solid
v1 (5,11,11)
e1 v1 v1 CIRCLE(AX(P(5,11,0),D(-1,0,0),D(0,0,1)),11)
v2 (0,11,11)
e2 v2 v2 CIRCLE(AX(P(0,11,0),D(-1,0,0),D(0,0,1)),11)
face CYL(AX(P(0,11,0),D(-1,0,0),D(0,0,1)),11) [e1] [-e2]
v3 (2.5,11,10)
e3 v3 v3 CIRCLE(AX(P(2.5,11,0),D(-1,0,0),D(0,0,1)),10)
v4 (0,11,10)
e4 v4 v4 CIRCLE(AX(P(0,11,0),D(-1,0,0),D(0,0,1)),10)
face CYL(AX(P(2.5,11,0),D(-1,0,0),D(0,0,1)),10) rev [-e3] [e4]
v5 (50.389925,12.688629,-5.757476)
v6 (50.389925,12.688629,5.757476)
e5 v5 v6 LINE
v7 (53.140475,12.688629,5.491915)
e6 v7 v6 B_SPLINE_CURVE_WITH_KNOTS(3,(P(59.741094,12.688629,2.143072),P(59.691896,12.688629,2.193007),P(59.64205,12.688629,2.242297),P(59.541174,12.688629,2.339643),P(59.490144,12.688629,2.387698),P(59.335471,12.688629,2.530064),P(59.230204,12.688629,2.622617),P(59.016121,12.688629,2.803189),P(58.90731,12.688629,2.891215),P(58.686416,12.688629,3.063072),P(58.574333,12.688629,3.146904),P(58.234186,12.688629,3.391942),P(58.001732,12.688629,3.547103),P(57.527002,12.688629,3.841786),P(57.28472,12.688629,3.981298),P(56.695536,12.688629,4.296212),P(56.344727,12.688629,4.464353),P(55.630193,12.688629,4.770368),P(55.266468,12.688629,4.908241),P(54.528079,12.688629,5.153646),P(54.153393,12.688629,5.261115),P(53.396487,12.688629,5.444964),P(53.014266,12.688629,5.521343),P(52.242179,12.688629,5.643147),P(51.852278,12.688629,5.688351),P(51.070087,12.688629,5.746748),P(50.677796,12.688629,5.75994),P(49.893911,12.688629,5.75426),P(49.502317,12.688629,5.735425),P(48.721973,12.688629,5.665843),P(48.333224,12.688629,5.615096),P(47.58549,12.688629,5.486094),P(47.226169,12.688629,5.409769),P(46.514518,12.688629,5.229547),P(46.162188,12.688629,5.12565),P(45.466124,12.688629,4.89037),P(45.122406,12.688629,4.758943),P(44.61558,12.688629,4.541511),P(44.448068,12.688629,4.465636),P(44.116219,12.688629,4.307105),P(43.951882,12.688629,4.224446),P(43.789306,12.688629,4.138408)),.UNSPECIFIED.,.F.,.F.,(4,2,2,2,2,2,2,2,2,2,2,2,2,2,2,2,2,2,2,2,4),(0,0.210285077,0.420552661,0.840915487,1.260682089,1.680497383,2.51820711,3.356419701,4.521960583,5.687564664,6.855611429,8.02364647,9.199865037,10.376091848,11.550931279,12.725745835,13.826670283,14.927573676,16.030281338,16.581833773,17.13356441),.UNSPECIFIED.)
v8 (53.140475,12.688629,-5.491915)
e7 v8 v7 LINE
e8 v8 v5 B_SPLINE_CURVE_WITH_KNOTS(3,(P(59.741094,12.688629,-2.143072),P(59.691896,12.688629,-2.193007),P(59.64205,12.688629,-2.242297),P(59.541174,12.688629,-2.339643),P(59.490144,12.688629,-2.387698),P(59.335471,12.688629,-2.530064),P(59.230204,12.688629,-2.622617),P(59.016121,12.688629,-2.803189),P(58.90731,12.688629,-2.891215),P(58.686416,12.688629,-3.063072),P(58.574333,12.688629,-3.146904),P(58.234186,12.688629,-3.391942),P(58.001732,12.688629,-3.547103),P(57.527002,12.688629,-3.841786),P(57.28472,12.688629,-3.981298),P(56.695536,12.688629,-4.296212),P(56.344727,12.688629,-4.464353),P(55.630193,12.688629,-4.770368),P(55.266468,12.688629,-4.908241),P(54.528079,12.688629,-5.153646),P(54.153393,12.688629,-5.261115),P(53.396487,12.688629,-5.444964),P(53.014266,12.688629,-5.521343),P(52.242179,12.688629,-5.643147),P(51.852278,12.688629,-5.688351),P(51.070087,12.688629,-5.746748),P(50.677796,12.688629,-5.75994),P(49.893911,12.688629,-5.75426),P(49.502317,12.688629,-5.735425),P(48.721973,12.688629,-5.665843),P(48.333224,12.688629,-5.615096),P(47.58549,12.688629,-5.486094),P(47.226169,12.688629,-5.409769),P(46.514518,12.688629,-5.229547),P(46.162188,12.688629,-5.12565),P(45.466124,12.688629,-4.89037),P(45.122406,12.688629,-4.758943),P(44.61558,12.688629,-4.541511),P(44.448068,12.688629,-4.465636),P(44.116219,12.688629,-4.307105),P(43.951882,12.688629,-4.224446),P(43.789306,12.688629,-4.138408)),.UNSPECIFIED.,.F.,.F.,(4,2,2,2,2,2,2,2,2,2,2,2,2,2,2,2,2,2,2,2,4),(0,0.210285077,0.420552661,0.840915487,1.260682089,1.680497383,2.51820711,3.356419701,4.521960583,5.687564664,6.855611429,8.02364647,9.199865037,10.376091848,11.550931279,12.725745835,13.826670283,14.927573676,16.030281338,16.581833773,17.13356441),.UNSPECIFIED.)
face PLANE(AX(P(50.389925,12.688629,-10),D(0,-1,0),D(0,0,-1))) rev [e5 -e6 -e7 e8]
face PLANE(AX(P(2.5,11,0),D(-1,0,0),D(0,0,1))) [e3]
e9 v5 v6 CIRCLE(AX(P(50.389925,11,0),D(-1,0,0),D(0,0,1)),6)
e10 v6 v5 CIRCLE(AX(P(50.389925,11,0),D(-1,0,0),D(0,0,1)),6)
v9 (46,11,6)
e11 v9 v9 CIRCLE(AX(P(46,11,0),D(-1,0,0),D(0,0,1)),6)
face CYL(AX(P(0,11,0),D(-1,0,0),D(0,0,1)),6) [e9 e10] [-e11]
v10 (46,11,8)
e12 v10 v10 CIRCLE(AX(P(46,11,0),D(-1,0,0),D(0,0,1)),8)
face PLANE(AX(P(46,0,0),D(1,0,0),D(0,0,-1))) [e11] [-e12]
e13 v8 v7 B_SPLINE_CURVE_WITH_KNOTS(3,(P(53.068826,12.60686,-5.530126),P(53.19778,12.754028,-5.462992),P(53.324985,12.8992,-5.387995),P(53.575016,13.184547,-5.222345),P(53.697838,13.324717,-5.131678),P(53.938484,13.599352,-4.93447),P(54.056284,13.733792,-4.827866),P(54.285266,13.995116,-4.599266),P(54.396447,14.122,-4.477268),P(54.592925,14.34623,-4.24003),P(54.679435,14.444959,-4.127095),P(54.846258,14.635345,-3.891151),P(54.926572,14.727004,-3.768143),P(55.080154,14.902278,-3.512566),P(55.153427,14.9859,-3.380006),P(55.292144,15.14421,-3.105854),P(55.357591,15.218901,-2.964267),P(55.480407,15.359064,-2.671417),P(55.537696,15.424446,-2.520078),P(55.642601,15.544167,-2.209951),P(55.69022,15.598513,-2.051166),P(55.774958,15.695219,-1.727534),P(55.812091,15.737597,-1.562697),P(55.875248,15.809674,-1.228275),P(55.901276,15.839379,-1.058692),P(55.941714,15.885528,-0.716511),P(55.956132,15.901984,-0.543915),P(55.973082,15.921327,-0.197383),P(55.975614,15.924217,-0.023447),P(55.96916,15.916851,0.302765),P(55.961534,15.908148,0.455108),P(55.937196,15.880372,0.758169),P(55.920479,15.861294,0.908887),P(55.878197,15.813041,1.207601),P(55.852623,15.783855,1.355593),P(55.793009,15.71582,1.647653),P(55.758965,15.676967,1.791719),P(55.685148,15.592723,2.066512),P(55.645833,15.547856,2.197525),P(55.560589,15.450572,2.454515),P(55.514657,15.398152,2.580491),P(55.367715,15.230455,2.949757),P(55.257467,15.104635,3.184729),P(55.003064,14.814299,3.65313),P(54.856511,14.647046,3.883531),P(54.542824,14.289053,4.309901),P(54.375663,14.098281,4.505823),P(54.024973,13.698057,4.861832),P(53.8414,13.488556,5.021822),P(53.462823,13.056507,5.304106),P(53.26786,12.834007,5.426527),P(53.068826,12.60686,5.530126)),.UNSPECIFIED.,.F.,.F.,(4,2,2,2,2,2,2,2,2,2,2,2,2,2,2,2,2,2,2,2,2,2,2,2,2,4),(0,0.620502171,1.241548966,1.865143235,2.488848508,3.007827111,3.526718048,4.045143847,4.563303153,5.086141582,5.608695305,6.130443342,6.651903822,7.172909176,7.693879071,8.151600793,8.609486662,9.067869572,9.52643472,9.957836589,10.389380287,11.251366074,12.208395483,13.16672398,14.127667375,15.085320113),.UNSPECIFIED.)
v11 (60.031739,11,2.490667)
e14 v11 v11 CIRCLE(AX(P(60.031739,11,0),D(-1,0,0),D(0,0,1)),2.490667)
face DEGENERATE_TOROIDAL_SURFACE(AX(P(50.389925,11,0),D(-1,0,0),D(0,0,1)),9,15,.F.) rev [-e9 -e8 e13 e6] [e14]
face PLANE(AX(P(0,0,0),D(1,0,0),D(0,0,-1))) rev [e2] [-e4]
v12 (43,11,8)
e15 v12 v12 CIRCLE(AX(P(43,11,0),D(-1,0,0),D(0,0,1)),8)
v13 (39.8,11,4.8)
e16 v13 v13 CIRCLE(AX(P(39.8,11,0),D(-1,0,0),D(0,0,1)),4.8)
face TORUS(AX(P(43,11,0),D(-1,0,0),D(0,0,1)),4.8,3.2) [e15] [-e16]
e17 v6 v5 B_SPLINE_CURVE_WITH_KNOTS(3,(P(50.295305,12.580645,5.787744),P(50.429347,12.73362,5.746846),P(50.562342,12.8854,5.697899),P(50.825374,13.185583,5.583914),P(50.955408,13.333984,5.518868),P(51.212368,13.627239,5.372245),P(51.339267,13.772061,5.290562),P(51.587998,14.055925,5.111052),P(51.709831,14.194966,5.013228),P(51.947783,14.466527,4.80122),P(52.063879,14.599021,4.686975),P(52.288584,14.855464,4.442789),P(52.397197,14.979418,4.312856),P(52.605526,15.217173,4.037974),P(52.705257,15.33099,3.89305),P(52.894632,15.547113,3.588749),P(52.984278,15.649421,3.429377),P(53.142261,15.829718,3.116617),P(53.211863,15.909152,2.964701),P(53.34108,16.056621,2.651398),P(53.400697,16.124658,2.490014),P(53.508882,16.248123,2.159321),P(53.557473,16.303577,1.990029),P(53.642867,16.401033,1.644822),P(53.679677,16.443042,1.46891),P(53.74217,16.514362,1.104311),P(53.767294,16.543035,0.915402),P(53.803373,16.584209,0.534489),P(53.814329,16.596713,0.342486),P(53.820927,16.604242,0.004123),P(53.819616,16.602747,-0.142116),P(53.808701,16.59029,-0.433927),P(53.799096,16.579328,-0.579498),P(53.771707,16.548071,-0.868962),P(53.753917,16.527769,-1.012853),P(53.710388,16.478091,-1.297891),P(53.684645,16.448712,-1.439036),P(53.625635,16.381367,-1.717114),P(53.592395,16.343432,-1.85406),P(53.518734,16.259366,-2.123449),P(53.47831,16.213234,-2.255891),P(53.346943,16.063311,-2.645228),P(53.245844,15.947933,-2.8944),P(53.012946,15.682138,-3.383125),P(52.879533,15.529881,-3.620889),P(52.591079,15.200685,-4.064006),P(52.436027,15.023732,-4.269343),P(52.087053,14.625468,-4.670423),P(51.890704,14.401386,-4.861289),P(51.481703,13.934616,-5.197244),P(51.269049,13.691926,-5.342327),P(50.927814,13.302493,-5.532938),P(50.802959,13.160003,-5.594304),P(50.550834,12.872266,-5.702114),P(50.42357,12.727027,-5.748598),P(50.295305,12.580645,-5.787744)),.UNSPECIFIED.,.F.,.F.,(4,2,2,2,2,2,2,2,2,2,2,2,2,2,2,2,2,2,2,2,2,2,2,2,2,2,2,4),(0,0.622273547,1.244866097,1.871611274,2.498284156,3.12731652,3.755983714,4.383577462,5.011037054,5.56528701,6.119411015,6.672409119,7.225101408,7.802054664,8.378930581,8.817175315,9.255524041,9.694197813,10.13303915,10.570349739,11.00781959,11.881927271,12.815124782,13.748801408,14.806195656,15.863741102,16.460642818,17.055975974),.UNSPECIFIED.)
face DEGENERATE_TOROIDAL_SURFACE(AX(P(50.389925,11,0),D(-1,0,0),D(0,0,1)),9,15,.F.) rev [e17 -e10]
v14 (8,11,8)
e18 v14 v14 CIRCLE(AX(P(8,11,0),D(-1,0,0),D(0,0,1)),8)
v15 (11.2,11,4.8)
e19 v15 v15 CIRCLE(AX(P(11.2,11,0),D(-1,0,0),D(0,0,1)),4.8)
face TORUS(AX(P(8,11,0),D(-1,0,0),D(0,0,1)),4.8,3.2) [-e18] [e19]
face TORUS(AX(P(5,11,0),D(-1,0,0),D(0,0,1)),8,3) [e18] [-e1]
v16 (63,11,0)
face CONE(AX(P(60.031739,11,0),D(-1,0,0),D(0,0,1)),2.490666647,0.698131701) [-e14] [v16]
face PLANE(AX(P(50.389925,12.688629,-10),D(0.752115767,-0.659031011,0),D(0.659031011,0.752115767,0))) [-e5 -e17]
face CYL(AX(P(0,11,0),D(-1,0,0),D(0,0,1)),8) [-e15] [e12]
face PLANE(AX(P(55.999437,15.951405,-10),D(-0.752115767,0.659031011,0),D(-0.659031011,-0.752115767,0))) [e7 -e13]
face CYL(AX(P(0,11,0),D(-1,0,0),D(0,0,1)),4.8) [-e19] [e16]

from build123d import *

# Parameters (mm, degrees)
CUT_EXTRUDE_1_DEPTH = 10
SKETCH_5_R          = 10
CUT_EXTRUDE_2_DEPTH = 2.5


with BuildPart() as part:
    # Эскиз1 → Повернуть1 (revolve)
    with BuildSketch(Plane.XY, mode=Mode.PRIVATE) as revolve_1_sk:
        Polygon((5, 11), (0, 11), (0, 0), (5, 0), (5, 3), align=None)
        Polygon((8, 11), (5, 11), (5, 3), (8, 3), (8, 6.2), align=None)
        with BuildLine():
            Line((8, 3), (5, 3))
            Line((5, 3), (5, 0))
            ThreePointArc((5, 0), (7.121320344, 0.878679656), (8, 3))
        make_face()
        with BuildLine():
            Line((11.2, 6.2), (8, 6.2))
            Line((8, 6.2), (8, 3))
            ThreePointArc((8, 3), (10.2627417, 3.9372583), (11.2, 6.2))
        make_face()
        Polygon((43, 11), (8, 11), (8, 6.2), (11.2, 6.2), (39.8, 6.2), (43, 6.2), align=None)
        with BuildLine():
            Line((43, 3), (43, 6.2))
            Line((43, 6.2), (39.8, 6.2))
            ThreePointArc((39.8, 6.2), (40.7372583, 3.9372583), (43, 3))
        make_face()
        Polygon((46, 11), (43, 11), (43, 6.2), (43, 3), (46, 3), (46, 5), (46, 9), align=None)
        with BuildLine():
            Line((63, 11), (46, 11))
            Line((46, 11), (46, 9))
            Line((46, 9), (46, 5))
            Line((46, 5), (50.38992493, 5))
            ThreePointArc((50.38992493, 5), (55.52022708, 5.904610688), (60.031739076, 8.509333353))
            Line((60.031739076, 8.509333353), (63, 11))
        make_face()
    revolve(revolve_1_sk.sketch.rotate(Axis((0, 11, 0), (1, 0, 0)), 270), axis=Axis((0, 11, 0), (1, 0, 0)))

    # Эскиз2 → Вырез-Вытянуть1 (cut)
    with BuildSketch(Plane.XY):
        Polygon((50.38992493, 12.688629435), (54.167703604, 17), (55.999437229, 15.951404954), (53.140475424, 12.688629435), align=None)
    cut_extrude_1 = extrude(amount=-CUT_EXTRUDE_1_DEPTH, mode=Mode.SUBTRACT)

    # Зеркальное отражение1: Вырез-Вытянуть1 across plane
    add(cut_extrude_1.mirror(Plane.XY), mode=Mode.SUBTRACT)

    # Эскиз5 → Вырез-Вытянуть2 (cut)
    with BuildSketch(Plane.ZY):
        with Locations((0, 11)):
            Circle(SKETCH_5_R)
    extrude(amount=-CUT_EXTRUDE_2_DEPTH, mode=Mode.SUBTRACT)


solid = part.part
